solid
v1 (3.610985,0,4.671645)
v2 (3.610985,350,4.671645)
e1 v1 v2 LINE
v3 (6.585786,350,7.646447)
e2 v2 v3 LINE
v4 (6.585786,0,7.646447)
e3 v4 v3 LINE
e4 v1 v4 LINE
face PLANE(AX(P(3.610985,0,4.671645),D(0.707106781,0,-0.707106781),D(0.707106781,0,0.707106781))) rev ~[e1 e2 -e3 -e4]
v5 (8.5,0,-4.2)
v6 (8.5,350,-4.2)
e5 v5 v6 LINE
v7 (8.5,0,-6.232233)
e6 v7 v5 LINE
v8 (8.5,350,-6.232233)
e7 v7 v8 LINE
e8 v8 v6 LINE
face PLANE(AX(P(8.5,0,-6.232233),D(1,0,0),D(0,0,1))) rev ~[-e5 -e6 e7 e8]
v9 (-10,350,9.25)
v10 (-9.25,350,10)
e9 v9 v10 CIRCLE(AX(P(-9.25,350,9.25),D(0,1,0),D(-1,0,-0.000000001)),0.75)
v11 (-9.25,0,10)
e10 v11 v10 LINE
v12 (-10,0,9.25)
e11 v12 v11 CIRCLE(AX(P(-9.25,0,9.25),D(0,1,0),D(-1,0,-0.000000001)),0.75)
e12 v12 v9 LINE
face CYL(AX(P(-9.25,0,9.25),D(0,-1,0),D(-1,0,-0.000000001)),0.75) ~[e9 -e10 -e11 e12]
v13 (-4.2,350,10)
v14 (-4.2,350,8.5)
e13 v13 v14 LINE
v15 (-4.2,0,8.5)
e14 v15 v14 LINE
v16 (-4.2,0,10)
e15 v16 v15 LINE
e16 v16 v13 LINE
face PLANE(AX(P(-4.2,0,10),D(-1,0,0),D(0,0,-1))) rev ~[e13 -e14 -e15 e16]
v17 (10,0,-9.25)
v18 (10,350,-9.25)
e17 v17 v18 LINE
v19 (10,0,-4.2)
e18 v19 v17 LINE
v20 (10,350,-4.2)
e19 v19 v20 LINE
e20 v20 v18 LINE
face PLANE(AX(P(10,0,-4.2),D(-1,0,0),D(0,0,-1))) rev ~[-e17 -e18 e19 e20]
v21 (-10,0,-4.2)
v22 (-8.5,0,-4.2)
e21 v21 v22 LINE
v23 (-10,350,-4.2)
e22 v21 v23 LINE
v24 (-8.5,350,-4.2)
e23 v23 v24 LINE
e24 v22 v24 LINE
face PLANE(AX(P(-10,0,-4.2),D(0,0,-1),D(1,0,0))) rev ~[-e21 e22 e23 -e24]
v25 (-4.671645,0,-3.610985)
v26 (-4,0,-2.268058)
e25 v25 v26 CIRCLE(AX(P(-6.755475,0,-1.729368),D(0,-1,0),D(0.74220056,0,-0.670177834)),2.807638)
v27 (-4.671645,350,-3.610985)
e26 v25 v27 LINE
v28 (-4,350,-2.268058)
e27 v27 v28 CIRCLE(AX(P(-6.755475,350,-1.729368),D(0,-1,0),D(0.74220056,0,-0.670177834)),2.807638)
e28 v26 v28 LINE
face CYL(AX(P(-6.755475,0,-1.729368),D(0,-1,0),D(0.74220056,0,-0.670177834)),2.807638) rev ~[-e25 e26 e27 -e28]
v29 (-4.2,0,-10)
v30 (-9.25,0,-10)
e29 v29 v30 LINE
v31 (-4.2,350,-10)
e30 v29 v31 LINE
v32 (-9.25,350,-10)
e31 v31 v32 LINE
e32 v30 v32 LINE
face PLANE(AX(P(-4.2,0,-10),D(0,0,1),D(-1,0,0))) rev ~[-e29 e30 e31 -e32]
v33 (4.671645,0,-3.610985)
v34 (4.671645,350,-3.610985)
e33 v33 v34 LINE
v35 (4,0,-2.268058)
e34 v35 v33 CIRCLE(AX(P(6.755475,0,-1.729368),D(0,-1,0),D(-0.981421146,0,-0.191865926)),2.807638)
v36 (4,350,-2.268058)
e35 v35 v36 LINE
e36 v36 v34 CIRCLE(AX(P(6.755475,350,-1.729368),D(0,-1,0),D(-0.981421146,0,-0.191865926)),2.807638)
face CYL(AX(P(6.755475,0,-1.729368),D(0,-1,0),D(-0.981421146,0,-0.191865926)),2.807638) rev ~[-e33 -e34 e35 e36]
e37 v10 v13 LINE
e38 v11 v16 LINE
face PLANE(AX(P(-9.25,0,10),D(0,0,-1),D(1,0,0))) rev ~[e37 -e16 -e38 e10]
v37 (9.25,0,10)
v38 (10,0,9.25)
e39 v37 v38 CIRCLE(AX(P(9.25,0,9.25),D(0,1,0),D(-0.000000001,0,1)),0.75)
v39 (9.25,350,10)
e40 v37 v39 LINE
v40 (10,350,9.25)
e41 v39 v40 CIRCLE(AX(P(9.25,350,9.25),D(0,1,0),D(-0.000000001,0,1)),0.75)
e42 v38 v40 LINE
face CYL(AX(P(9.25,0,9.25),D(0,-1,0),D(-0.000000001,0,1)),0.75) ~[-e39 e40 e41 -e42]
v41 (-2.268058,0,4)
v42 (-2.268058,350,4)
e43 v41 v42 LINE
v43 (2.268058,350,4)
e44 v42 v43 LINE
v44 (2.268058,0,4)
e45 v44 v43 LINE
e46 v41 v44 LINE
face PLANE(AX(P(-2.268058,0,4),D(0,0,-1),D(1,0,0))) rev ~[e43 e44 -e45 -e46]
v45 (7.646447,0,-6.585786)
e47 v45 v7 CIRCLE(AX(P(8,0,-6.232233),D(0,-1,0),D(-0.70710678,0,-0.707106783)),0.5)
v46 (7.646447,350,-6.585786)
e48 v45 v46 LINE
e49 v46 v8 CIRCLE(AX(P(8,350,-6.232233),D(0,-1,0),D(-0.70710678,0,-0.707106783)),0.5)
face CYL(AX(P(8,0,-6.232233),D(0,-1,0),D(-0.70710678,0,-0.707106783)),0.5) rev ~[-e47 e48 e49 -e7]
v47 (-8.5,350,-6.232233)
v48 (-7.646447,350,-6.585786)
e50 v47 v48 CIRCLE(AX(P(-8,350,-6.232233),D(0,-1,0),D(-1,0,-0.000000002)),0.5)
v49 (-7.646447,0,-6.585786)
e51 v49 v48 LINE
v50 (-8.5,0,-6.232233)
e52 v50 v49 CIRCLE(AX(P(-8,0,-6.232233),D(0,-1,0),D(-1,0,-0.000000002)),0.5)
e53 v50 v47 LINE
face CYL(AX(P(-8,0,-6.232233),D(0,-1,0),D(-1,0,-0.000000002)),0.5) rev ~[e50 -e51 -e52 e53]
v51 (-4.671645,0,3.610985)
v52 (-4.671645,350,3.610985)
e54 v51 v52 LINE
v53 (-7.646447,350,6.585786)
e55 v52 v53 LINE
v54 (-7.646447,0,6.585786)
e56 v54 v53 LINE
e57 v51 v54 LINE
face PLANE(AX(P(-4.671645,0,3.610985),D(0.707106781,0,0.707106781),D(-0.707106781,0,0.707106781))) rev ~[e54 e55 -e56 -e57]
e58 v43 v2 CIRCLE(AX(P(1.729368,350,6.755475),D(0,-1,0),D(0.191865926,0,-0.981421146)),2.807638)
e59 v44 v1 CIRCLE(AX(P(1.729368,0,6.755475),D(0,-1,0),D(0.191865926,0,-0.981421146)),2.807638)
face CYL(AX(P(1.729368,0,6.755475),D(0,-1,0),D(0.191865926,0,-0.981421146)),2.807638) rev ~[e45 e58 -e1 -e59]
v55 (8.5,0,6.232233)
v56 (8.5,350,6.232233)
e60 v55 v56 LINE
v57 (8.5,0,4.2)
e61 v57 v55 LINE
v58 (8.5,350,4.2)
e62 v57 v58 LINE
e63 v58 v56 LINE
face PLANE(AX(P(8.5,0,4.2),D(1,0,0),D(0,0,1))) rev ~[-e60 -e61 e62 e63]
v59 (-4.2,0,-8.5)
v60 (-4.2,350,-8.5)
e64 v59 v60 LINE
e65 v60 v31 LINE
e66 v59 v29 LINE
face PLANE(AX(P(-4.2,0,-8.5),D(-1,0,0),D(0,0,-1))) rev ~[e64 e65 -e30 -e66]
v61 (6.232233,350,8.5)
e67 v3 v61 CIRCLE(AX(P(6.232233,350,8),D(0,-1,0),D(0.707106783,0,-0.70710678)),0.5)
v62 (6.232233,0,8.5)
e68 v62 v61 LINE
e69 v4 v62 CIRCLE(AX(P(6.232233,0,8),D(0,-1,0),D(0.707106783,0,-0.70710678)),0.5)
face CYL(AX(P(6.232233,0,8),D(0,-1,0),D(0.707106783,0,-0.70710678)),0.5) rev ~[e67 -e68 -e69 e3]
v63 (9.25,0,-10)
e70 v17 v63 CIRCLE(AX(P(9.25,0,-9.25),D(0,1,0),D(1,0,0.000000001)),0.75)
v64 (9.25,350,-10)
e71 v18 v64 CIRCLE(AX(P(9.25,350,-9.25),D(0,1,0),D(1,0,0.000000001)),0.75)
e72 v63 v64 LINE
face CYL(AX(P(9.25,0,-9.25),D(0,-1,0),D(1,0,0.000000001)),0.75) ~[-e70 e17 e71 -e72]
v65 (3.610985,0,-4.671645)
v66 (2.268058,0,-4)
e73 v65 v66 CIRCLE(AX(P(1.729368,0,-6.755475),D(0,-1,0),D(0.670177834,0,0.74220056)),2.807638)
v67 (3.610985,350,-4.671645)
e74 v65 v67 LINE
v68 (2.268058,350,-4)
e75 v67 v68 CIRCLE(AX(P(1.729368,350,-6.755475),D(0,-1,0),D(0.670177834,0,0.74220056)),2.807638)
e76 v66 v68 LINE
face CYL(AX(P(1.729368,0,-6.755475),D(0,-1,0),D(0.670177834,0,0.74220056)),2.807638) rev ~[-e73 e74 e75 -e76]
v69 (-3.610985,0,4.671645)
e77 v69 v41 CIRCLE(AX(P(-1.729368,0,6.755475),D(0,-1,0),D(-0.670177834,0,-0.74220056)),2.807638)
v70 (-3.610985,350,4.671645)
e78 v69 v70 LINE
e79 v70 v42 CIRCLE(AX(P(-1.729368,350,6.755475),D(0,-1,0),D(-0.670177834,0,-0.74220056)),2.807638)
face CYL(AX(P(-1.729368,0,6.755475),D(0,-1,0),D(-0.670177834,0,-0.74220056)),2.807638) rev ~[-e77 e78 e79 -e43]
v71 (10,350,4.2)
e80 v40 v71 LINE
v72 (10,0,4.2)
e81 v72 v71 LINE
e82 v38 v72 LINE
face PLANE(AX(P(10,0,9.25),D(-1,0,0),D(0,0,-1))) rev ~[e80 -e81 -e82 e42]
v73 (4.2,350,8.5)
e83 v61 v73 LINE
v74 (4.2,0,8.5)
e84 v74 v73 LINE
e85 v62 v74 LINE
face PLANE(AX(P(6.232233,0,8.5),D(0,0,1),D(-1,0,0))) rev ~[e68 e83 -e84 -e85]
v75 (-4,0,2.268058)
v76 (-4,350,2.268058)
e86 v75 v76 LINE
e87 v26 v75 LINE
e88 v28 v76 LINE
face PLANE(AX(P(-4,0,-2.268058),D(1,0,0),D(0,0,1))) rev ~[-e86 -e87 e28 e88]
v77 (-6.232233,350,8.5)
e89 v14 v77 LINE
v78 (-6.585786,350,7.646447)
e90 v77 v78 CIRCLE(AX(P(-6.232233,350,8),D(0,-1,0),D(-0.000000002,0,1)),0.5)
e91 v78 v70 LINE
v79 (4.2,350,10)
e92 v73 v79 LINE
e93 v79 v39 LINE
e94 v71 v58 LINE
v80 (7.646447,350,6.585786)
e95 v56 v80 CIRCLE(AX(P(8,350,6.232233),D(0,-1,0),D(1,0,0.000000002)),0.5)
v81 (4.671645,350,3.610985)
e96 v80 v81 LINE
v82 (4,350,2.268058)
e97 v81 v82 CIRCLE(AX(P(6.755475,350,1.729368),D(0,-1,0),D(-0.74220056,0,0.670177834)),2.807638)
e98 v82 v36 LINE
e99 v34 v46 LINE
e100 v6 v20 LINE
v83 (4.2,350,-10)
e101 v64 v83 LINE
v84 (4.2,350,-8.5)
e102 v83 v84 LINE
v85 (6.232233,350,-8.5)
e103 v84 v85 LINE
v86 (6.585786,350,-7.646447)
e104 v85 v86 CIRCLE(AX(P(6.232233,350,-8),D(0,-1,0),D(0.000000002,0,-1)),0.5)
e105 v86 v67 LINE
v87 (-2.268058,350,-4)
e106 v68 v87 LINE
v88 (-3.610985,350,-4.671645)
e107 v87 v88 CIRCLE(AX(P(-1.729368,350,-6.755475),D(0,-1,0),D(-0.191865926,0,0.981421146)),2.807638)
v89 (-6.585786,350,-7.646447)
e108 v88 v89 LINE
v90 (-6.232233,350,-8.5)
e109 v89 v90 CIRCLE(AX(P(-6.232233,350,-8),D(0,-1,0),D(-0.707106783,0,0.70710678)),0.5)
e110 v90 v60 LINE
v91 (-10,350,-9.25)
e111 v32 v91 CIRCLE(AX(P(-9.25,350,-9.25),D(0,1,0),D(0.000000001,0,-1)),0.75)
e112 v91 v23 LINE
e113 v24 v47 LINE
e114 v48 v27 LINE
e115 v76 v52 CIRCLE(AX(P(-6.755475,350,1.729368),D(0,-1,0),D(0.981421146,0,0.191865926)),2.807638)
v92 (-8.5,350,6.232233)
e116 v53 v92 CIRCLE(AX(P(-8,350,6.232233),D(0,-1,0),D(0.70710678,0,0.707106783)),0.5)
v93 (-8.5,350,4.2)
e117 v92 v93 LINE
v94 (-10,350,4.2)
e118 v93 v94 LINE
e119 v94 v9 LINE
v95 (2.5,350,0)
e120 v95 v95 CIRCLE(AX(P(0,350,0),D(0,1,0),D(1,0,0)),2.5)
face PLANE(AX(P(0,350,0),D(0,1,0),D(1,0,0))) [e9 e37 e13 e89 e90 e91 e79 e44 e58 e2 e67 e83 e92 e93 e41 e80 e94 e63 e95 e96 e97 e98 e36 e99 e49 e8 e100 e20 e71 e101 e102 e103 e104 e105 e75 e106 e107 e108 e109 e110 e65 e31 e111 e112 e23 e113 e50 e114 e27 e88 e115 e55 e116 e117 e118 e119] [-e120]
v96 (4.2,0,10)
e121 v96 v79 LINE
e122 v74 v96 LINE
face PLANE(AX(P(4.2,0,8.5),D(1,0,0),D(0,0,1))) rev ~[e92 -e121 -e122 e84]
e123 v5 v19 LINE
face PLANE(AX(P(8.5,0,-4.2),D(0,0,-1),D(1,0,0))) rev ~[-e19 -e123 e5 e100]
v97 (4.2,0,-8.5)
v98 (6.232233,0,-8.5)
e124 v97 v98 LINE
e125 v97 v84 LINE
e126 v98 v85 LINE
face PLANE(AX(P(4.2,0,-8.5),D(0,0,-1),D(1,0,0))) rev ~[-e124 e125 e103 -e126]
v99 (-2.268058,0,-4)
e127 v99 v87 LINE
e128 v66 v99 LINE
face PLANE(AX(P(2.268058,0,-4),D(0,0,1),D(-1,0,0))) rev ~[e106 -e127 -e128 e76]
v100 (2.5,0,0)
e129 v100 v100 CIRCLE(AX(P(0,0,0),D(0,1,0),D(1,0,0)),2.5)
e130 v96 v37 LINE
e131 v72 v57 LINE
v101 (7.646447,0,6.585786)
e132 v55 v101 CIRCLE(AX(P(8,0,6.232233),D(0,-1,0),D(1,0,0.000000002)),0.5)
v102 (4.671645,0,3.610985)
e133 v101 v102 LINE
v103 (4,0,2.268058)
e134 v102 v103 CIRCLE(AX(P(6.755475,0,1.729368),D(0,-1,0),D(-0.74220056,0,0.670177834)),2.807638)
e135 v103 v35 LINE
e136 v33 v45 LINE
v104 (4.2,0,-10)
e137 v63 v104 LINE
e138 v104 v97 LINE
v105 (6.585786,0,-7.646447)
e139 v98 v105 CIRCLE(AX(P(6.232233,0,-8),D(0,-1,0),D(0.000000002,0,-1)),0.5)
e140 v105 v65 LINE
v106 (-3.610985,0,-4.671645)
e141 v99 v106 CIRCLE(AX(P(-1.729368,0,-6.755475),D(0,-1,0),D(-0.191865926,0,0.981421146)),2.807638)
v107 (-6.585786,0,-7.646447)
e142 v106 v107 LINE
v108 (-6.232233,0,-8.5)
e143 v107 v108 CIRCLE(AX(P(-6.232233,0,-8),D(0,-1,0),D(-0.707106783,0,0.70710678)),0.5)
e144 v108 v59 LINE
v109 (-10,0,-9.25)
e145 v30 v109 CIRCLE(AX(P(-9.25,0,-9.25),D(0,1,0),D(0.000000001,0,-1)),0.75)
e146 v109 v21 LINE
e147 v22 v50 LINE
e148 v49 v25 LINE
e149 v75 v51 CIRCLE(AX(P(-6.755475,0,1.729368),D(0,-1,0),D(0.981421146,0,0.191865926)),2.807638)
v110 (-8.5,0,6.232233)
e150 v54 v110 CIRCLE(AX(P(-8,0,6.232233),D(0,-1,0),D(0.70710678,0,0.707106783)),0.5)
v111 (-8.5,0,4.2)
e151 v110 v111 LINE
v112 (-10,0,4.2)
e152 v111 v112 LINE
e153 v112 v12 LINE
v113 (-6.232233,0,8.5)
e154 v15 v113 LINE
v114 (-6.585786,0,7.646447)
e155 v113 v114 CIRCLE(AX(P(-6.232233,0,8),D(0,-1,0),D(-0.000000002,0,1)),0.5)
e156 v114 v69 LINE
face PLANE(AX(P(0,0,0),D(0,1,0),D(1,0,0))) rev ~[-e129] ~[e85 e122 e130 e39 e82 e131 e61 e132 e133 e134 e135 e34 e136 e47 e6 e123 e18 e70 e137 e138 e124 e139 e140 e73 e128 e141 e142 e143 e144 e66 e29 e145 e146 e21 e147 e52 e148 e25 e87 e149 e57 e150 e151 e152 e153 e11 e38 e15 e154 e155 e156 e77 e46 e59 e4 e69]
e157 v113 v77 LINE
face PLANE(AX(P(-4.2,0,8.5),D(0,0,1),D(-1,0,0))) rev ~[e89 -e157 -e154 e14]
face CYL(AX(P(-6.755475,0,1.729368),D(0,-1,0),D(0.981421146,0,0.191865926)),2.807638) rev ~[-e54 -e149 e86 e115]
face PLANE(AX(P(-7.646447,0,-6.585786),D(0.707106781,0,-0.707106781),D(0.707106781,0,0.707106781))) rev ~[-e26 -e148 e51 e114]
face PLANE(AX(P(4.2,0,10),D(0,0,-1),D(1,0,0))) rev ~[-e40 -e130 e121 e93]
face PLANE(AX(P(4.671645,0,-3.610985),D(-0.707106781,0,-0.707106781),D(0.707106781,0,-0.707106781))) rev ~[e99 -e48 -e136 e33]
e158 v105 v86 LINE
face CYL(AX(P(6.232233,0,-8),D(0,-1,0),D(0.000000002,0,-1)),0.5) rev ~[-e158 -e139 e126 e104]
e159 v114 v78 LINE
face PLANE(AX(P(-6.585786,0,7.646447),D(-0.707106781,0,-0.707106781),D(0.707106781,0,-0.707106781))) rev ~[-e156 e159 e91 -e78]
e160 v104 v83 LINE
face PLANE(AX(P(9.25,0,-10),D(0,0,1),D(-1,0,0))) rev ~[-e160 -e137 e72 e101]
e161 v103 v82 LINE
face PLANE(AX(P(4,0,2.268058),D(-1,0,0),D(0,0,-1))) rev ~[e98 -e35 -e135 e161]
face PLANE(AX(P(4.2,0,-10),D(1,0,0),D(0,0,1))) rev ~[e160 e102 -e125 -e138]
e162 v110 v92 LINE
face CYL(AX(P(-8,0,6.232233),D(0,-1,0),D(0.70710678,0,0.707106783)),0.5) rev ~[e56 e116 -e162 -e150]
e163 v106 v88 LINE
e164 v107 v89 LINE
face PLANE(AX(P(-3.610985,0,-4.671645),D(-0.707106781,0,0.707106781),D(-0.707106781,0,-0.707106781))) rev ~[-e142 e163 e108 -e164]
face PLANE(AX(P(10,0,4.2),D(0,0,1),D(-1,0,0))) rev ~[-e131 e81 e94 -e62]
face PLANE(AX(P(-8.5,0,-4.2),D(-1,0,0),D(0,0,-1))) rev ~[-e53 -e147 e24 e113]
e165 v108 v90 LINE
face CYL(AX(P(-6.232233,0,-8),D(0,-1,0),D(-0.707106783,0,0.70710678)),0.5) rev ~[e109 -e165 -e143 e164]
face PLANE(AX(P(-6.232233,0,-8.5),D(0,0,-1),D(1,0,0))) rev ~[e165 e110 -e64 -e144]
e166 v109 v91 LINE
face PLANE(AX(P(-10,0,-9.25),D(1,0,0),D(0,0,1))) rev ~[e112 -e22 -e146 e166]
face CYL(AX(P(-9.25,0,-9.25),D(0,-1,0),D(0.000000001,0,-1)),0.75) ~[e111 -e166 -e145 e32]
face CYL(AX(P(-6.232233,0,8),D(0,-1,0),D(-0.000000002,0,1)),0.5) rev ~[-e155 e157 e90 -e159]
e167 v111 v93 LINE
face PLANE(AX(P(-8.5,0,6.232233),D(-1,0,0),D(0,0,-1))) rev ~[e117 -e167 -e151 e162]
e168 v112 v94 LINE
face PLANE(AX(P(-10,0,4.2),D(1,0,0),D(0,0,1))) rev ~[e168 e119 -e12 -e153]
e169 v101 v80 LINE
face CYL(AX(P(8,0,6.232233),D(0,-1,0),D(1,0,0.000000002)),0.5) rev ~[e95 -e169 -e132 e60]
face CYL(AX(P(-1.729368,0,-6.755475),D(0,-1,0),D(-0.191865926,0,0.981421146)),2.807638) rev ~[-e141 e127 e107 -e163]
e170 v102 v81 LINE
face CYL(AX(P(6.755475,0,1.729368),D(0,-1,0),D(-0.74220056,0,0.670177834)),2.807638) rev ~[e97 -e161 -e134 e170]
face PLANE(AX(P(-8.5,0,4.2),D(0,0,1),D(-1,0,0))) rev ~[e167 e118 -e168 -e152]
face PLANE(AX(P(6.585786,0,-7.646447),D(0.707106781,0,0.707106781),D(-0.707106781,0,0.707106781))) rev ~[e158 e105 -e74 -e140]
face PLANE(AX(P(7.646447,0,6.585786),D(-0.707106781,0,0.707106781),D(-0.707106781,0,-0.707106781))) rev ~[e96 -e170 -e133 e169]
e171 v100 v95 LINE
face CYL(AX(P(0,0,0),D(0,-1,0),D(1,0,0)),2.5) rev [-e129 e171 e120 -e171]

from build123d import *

# Parameters (mm, degrees)
SKETCH1_R           = 2.5
BOSS_EXTRUDE1_DEPTH = 350


with BuildPart() as part:
    # Sketch1 → Boss-Extrude1 (new body)
    with BuildSketch(Plane(origin=(0, 0, 0), x_dir=(1, 0, 0), z_dir=(0, 1, 0))):
        with BuildLine():
            Line((-3.610984523, 4.671644695), (-6.585786438, 7.646446609))
            ThreePointArc((-6.585786438, 7.646446609), (-6.694172813, 8.191341716), (-6.232233047, 8.5))
            Line((-6.232233047, 8.5), (-4.2, 8.5))
            Line((-4.2, 8.5), (-4.2, 10))
            Line((-4.2, 10), (-9.25, 10))
            ThreePointArc((-9.25, 10), (-9.780330086, 9.780330086), (-10, 9.25))
            Line((-10, 9.25), (-10, 4.2))
            Line((-10, 4.2), (-8.5, 4.2))
            Line((-8.5, 4.2), (-8.5, 6.232233047))
            ThreePointArc((-8.5, 6.232233047), (-8.191341716, 6.694172813), (-7.646446609, 6.585786438))
            Line((-7.646446609, 6.585786438), (-4.671644695, 3.610984523))
            ThreePointArc((-4.671644695, 3.610984523), (-4.244383234, 2.985253206), (-4, 2.268058063))
            Line((-4, 2.268058063), (-4, -2.268058063))
            ThreePointArc((-4, -2.268058063), (-4.244383234, -2.985253206), (-4.671644695, -3.610984523))
            Line((-4.671644695, -3.610984523), (-7.646446609, -6.585786438))
            ThreePointArc((-7.646446609, -6.585786438), (-8.191341716, -6.694172813), (-8.5, -6.232233047))
            Line((-8.5, -6.232233047), (-8.5, -4.2))
            Line((-8.5, -4.2), (-10, -4.2))
            Line((-10, -4.2), (-10, -9.25))
            ThreePointArc((-10, -9.25), (-9.780330086, -9.780330086), (-9.25, -10))
            Line((-9.25, -10), (-4.2, -10))
            Line((-4.2, -10), (-4.2, -8.5))
            Line((-4.2, -8.5), (-6.232233047, -8.5))
            ThreePointArc((-6.232233047, -8.5), (-6.694172813, -8.191341716), (-6.585786438, -7.646446609))
            Line((-6.585786438, -7.646446609), (-3.610984523, -4.671644695))
            ThreePointArc((-3.610984523, -4.671644695), (-2.985253206, -4.244383234), (-2.268058063, -4))
            Line((-2.268058063, -4), (2.268058063, -4))
            ThreePointArc((2.268058063, -4), (2.985253206, -4.244383234), (3.610984523, -4.671644695))
            Line((3.610984523, -4.671644695), (6.585786438, -7.646446609))
            ThreePointArc((6.585786438, -7.646446609), (6.694172813, -8.191341716), (6.232233047, -8.5))
            Line((6.232233047, -8.5), (4.2, -8.5))
            Line((4.2, -8.5), (4.2, -10))
            Line((4.2, -10), (9.25, -10))
            ThreePointArc((9.25, -10), (9.780330086, -9.780330086), (10, -9.25))
            Line((10, -9.25), (10, -4.2))
            Line((10, -4.2), (8.5, -4.2))
            Line((8.5, -4.2), (8.5, -6.232233047))
            ThreePointArc((8.5, -6.232233047), (8.191341716, -6.694172813), (7.646446609, -6.585786438))
            Line((7.646446609, -6.585786438), (4.671644695, -3.610984523))
            ThreePointArc((4.671644695, -3.610984523), (4.244383234, -2.985253206), (4, -2.268058063))
            Line((4, -2.268058063), (4, 2.268058063))
            ThreePointArc((4, 2.268058063), (4.244383234, 2.985253206), (4.671644695, 3.610984523))
            Line((4.671644695, 3.610984523), (7.646446609, 6.585786438))
            ThreePointArc((7.646446609, 6.585786438), (8.191341716, 6.694172813), (8.5, 6.232233047))
            Line((8.5, 6.232233047), (8.5, 4.2))
            Line((8.5, 4.2), (10, 4.2))
            Line((10, 4.2), (10, 9.25))
            ThreePointArc((10, 9.25), (9.780330086, 9.780330086), (9.25, 10))
            Line((9.25, 10), (4.2, 10))
            Line((4.2, 10), (4.2, 8.5))
            Line((4.2, 8.5), (6.232233047, 8.5))
            ThreePointArc((6.232233047, 8.5), (6.694172813, 8.191341716), (6.585786438, 7.646446609))
            Line((6.585786438, 7.646446609), (3.610984523, 4.671644695))
            ThreePointArc((3.610984523, 4.671644695), (2.985253206, 4.244383234), (2.268058063, 4))
            Line((2.268058063, 4), (-2.268058063, 4))
            ThreePointArc((-2.268058063, 4), (-2.985253206, 4.244383234), (-3.610984523, 4.671644695))
        make_face()
        Circle(SKETCH1_R, mode=Mode.SUBTRACT)
    extrude(amount=BOSS_EXTRUDE1_DEPTH)


solid = part.part
